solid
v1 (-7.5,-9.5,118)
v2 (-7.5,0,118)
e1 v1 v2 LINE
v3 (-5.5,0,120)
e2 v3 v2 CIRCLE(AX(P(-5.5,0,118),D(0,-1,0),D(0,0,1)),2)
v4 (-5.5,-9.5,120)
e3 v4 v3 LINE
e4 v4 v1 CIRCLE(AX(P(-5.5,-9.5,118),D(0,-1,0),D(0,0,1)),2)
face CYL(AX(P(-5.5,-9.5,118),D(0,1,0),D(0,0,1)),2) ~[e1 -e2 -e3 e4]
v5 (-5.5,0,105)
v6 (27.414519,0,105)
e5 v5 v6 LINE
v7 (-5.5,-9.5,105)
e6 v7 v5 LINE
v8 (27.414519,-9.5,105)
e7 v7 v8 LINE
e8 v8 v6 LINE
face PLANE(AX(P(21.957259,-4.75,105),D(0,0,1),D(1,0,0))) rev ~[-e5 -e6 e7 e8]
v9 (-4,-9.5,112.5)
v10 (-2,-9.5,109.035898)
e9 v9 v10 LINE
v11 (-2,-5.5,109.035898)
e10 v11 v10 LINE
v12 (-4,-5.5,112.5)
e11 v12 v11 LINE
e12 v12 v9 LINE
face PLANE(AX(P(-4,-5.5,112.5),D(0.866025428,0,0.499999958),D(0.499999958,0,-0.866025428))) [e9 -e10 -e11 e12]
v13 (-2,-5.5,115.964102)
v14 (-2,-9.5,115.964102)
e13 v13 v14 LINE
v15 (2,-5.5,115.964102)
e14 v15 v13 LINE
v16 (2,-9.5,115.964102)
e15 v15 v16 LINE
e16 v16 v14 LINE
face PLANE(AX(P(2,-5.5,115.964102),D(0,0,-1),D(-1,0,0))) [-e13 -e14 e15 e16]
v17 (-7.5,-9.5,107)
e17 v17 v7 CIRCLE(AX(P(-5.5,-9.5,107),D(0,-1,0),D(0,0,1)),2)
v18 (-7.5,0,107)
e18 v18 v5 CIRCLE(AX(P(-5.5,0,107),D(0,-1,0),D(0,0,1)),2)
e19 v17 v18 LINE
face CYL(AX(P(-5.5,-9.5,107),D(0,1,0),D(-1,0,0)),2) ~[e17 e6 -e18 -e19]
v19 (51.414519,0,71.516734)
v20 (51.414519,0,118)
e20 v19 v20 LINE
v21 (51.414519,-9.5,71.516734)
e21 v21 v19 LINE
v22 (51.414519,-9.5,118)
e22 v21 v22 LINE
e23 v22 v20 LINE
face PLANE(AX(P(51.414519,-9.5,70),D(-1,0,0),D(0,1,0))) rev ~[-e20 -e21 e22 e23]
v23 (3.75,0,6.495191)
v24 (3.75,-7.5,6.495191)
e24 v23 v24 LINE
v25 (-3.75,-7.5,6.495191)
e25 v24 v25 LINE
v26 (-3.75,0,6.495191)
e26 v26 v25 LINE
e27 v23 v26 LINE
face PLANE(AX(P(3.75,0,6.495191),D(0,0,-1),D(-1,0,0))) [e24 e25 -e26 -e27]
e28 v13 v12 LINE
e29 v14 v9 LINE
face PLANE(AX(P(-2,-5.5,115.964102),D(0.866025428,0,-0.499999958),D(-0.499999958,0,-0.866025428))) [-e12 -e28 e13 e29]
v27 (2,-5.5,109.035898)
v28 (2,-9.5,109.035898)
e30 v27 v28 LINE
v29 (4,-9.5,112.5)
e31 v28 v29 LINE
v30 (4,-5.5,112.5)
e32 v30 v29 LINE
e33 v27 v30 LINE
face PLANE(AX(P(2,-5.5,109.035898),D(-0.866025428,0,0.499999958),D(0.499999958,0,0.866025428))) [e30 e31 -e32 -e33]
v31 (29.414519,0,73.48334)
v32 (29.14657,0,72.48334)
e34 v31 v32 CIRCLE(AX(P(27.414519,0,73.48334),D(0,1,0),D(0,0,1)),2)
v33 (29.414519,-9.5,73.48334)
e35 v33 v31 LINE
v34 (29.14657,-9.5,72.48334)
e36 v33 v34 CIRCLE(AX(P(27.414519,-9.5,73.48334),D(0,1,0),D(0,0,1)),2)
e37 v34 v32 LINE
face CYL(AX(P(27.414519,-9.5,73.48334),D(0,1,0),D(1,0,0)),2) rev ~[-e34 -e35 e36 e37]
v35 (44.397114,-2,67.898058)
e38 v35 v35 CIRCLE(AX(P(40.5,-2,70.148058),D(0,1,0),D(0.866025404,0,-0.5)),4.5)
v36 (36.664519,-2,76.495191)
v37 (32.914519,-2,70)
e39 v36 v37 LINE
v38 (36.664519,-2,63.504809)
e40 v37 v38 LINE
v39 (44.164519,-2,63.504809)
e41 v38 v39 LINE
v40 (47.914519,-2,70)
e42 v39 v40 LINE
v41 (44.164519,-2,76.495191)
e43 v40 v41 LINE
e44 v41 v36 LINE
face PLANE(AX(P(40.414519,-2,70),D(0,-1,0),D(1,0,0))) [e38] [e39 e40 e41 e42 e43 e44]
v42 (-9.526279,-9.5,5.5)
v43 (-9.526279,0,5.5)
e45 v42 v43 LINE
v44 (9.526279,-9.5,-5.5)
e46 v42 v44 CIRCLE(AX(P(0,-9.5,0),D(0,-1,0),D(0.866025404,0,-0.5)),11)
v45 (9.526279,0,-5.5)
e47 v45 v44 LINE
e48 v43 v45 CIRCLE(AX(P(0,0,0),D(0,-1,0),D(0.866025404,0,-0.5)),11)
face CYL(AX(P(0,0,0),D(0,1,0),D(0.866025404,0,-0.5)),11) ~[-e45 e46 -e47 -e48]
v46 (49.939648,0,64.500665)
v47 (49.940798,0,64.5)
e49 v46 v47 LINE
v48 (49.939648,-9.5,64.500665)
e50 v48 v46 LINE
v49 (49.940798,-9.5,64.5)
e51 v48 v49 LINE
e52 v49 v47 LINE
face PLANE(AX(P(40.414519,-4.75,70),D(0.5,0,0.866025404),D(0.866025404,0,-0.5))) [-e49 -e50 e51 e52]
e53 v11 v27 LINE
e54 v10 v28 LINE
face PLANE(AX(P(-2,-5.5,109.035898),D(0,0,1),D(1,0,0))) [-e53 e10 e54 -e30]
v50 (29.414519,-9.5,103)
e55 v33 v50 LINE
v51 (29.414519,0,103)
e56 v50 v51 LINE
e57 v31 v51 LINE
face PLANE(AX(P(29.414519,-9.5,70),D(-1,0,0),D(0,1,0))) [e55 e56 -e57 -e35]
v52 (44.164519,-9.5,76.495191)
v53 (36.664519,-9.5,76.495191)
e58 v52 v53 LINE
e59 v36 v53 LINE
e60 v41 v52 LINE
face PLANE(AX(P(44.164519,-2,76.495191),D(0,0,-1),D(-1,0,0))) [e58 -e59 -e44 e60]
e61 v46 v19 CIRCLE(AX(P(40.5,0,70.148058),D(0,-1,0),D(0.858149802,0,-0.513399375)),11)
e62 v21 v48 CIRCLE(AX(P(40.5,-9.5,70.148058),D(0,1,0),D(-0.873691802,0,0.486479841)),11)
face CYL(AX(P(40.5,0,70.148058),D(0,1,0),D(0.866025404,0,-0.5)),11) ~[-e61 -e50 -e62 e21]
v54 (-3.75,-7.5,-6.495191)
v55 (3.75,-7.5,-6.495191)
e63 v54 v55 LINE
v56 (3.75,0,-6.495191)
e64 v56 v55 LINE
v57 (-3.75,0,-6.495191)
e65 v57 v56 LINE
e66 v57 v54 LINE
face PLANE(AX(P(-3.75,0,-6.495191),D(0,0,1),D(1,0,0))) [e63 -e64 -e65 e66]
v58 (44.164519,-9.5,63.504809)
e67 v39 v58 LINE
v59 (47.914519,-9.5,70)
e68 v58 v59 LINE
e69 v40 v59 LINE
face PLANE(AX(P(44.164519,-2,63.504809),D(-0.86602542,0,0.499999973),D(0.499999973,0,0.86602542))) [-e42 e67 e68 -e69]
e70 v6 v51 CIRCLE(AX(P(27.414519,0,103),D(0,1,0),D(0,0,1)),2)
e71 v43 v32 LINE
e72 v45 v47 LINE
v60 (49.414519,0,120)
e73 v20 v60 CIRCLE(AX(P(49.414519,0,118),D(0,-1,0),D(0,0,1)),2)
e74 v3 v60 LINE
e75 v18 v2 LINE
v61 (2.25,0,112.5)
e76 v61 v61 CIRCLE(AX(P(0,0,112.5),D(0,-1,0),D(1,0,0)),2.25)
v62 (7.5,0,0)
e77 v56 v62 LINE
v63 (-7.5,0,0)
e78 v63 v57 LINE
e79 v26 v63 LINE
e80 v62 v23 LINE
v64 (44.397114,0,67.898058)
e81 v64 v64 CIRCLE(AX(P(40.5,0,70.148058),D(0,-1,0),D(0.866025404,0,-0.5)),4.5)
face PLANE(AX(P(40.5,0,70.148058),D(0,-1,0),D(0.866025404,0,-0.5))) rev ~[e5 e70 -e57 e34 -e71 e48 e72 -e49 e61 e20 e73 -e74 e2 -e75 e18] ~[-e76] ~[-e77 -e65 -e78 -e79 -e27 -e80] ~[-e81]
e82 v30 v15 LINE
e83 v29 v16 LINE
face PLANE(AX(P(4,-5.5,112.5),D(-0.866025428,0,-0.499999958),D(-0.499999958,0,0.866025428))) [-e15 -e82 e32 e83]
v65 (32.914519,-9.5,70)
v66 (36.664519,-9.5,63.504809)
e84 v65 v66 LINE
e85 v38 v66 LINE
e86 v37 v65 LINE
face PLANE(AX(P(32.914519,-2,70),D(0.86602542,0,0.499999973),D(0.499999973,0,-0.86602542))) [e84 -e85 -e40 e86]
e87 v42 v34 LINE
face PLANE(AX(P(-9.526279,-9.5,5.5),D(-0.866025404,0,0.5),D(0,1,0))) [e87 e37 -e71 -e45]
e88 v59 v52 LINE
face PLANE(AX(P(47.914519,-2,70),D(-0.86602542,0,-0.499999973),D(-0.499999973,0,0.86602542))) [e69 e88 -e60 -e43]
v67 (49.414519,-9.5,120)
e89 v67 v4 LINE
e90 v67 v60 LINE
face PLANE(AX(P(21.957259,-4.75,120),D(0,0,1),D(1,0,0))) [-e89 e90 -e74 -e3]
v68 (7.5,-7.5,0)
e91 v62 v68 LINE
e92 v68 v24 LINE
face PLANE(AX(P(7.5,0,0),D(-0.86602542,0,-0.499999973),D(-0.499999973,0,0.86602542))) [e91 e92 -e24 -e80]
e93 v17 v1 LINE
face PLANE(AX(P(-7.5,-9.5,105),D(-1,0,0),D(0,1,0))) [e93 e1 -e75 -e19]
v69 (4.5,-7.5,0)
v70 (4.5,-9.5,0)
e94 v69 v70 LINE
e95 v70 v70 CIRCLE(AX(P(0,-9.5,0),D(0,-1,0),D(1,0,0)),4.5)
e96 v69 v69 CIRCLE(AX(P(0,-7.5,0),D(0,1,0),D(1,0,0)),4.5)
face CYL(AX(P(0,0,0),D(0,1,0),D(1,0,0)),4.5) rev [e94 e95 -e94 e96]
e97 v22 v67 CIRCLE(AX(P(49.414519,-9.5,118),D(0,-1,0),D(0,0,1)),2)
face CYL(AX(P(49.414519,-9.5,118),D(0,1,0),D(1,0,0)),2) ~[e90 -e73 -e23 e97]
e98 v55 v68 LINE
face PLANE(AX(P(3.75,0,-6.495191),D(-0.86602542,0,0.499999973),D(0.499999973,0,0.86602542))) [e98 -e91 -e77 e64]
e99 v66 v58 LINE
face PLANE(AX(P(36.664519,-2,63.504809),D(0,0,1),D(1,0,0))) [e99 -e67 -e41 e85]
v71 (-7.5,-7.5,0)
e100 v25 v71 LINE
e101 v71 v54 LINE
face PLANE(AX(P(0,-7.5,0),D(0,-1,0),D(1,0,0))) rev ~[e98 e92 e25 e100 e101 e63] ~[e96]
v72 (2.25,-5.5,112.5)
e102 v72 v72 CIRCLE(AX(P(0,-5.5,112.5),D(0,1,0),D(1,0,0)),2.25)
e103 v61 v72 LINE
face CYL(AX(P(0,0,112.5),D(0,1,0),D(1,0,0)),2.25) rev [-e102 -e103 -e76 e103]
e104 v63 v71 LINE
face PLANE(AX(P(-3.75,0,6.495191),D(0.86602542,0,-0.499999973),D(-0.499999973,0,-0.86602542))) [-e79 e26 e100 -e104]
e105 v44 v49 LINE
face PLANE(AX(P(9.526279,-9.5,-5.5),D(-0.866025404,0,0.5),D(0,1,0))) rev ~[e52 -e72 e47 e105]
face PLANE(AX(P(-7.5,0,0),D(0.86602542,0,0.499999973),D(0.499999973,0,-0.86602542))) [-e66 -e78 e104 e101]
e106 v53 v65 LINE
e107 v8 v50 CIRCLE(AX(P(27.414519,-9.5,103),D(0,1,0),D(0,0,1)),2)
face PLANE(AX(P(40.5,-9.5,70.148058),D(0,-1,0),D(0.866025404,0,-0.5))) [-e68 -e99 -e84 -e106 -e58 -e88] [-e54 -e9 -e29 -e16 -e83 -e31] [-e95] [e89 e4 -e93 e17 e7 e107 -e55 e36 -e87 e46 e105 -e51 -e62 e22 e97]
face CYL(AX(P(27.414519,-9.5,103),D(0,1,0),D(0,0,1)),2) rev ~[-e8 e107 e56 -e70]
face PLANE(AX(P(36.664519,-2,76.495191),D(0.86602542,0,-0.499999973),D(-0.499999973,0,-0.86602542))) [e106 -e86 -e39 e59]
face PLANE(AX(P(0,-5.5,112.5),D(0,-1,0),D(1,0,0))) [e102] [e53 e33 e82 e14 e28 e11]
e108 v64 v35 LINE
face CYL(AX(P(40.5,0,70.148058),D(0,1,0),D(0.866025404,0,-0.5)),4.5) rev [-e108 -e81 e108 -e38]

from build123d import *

# Parameters (mm, degrees)
PAD002_DEPTH              = 7.5
BODY002_PLACEMENT_ANGLE   = 90
CYLINDER015_R             = 4.5
CYLINDER015_DEPTH         = 9.5
COMPOUND_PLACEMENT_ANGLE  = 30
CYLINDER014_R             = 4.5
CYLINDER014_DEPTH         = 9.5
PAD001_DEPTH              = 4
BODY001_PLACEMENT_ANGLE   = 90
PAD_DEPTH                 = 7.5
BODY_PLACEMENT_ANGLE      = 90
CYLINDER016_R             = 2.25
CYLINDER016_DEPTH         = 9.5
BOX002_W                  = 58.914519
BOX002_H                  = 9.5
BOX002_DEPTH              = 15
BOX_W                     = 22
BOX_H                     = 9.5
BOX_DEPTH                 = 80.829038
CYLINDER013_R             = 11
CYLINDER013_DEPTH         = 9.5
CYLINDER012_R             = 11
CYLINDER012_DEPTH         = 9.5
FUSION005_PLACEMENT_ANGLE = 30
BOX001_W                  = 22
BOX001_H                  = 9.5
BOX001_DEPTH              = 50
FILLET_R                  = 2
FILLET001_R               = 2
FILLET002_R               = 2


with BuildPart() as m8press001:
    # Sketch002 → Pad002 (new body)
    with BuildSketch(Plane.XY):
        Polygon((7.5, 0), (3.75, 6.495191), (-3.75, 6.495191), (-7.5, 0), (-3.75, -6.495191), (3.75, -6.495191), align=None)
    extrude(amount=PAD002_DEPTH)


with BuildPart() as m8press001_1:
    # Body002 placement: moved
    add(m8press001.part.moved(Location((40.414519, -2, 70))).rotate(Axis((40.414519, -2, 70), (1, 0, 0)), BODY002_PLACEMENT_ANGLE))


with BuildPart() as compound:
    # Cylinder015 → Cylinder015 (new body)
    with BuildSketch(Plane(origin=(0, 0, 81), x_dir=(1, 0, 0), z_dir=(0, -1, 0))):
        Circle(CYLINDER015_R)
    extrude(amount=CYLINDER015_DEPTH)


with BuildPart() as compound_1:
    # Compound placement: moved
    add(compound.part.rotate(Axis((0, 0, 0), (0, 1, 0)), COMPOUND_PLACEMENT_ANGLE))


with BuildPart() as cylinder014:
    # Cylinder014 → Cylinder014 (new body)
    with BuildSketch(Plane.XZ):
        Circle(CYLINDER014_R)
    extrude(amount=CYLINDER014_DEPTH)


with BuildPart() as m4press:
    # Sketch001 → Pad001 (new body)
    with BuildSketch(Plane.XY):
        Polygon((4, 0), (2, 3.464102), (-2, 3.464102), (-4, 0), (-2, -3.464102), (2, -3.464102), align=None)
    extrude(amount=PAD001_DEPTH)


with BuildPart() as m4press_1:
    # Body001 placement: moved
    add(m4press.part.moved(Location((0, -5.5, 112.5))).rotate(Axis((0, -5.5, 112.5), (1, 0, 0)), BODY001_PLACEMENT_ANGLE))


with BuildPart() as m8press:
    # Sketch → Pad (new body)
    with BuildSketch(Plane.XY):
        Polygon((7.5, 0), (3.75, 6.495191), (-3.75, 6.495191), (-7.5, 0), (-3.75, -6.495191), (3.75, -6.495191), align=None)
    extrude(amount=PAD_DEPTH)


with BuildPart() as m8press_1:
    # Body placement: moved
    add(m8press.part.rotate(Axis((0, 0, 0), (1, 0, 0)), BODY_PLACEMENT_ANGLE))


with BuildPart() as fusion006:
    # Cylinder016 → Cylinder016 (new body)
    with BuildSketch(Plane(origin=(0, 0, 112.5), x_dir=(1, 0, 0), z_dir=(0, -1, 0))):
        Circle(CYLINDER016_R)
    extrude(amount=CYLINDER016_DEPTH)

    # Fusion006: union M8Press001, Compound, Cylinder014, M4Press, M8Press
    add(m8press001_1.part)
    add(compound_1.part)
    add(cylinder014.part)
    add(m4press_1.part)
    add(m8press_1.part)


with BuildPart() as cube002:
    # Box002 → Box002 (new body)
    with BuildSketch(Plane(origin=(-7.5, -9.5, 105), x_dir=(1, 0, 0), z_dir=(0, 0, 1))):
        with Locations((29.457259, 4.75)):
            Rectangle(BOX002_W, BOX002_H)
    extrude(amount=BOX002_DEPTH)


with BuildPart() as cube:
    # Box → Box (new body)
    with BuildSketch(Plane(origin=(-11, -9.5, 0), x_dir=(1, 0, 0), z_dir=(0, 0, 1))):
        with Locations((11, 4.75)):
            Rectangle(BOX_W, BOX_H)
    extrude(amount=BOX_DEPTH)


with BuildPart() as cylinder013:
    # Cylinder013 → Cylinder013 (new body)
    with BuildSketch(Plane(origin=(0, 0, 81), x_dir=(1, 0, 0), z_dir=(0, -1, 0))):
        Circle(CYLINDER013_R)
    extrude(amount=CYLINDER013_DEPTH)


with BuildPart() as fusion005:
    # Cylinder012 → Cylinder012 (new body)
    with BuildSketch(Plane.XZ):
        Circle(CYLINDER012_R)
    extrude(amount=CYLINDER012_DEPTH)

    # Fusion005: union Cube, Cylinder013
    add(cube.part)
    add(cylinder013.part)


with BuildPart() as fusion005_1:
    # Fusion005 placement: moved
    add(fusion005.part.rotate(Axis((0, 0, 0), (0, 1, 0)), FUSION005_PLACEMENT_ANGLE))


with BuildPart() as fillet002:
    # Box001 → Box001 (new body)
    with BuildSketch(Plane(origin=(29.414519, -9.5, 70), x_dir=(1, 0, 0), z_dir=(0, 0, 1))):
        with Locations((11, 4.75)):
            Rectangle(BOX001_W, BOX001_H)
    extrude(amount=BOX001_DEPTH)

    # Fusion007: union Cube002, Fusion005
    add(cube002.part)
    add(fusion005_1.part)

    # Cut005: cut Fusion006
    add(fusion006.part, mode=Mode.SUBTRACT)

    # Fillet
    fillet_edges = [fillet002.edges().sort_by_distance(p)[0] for p in [
        (51.414519, -4.75, 120),
        (-7.5, -4.75, 105),
        (-7.5, -4.75, 120),
    ]]
    fillet(fillet_edges, radius=FILLET_R)

    # Fillet001
    fillet001_edges = [fillet002.edges().sort_by_distance(p)[0] for p in [
        (29.414519, -4.75, 105),
    ]]
    fillet(fillet001_edges, radius=FILLET001_R)

    # Fillet002
    fillet002_edges = [fillet002.edges().sort_by_distance(p)[0] for p in [
        (29.414519, -4.75, 72.947441),
    ]]
    fillet(fillet002_edges, radius=FILLET002_R)


solid = fillet002.part
